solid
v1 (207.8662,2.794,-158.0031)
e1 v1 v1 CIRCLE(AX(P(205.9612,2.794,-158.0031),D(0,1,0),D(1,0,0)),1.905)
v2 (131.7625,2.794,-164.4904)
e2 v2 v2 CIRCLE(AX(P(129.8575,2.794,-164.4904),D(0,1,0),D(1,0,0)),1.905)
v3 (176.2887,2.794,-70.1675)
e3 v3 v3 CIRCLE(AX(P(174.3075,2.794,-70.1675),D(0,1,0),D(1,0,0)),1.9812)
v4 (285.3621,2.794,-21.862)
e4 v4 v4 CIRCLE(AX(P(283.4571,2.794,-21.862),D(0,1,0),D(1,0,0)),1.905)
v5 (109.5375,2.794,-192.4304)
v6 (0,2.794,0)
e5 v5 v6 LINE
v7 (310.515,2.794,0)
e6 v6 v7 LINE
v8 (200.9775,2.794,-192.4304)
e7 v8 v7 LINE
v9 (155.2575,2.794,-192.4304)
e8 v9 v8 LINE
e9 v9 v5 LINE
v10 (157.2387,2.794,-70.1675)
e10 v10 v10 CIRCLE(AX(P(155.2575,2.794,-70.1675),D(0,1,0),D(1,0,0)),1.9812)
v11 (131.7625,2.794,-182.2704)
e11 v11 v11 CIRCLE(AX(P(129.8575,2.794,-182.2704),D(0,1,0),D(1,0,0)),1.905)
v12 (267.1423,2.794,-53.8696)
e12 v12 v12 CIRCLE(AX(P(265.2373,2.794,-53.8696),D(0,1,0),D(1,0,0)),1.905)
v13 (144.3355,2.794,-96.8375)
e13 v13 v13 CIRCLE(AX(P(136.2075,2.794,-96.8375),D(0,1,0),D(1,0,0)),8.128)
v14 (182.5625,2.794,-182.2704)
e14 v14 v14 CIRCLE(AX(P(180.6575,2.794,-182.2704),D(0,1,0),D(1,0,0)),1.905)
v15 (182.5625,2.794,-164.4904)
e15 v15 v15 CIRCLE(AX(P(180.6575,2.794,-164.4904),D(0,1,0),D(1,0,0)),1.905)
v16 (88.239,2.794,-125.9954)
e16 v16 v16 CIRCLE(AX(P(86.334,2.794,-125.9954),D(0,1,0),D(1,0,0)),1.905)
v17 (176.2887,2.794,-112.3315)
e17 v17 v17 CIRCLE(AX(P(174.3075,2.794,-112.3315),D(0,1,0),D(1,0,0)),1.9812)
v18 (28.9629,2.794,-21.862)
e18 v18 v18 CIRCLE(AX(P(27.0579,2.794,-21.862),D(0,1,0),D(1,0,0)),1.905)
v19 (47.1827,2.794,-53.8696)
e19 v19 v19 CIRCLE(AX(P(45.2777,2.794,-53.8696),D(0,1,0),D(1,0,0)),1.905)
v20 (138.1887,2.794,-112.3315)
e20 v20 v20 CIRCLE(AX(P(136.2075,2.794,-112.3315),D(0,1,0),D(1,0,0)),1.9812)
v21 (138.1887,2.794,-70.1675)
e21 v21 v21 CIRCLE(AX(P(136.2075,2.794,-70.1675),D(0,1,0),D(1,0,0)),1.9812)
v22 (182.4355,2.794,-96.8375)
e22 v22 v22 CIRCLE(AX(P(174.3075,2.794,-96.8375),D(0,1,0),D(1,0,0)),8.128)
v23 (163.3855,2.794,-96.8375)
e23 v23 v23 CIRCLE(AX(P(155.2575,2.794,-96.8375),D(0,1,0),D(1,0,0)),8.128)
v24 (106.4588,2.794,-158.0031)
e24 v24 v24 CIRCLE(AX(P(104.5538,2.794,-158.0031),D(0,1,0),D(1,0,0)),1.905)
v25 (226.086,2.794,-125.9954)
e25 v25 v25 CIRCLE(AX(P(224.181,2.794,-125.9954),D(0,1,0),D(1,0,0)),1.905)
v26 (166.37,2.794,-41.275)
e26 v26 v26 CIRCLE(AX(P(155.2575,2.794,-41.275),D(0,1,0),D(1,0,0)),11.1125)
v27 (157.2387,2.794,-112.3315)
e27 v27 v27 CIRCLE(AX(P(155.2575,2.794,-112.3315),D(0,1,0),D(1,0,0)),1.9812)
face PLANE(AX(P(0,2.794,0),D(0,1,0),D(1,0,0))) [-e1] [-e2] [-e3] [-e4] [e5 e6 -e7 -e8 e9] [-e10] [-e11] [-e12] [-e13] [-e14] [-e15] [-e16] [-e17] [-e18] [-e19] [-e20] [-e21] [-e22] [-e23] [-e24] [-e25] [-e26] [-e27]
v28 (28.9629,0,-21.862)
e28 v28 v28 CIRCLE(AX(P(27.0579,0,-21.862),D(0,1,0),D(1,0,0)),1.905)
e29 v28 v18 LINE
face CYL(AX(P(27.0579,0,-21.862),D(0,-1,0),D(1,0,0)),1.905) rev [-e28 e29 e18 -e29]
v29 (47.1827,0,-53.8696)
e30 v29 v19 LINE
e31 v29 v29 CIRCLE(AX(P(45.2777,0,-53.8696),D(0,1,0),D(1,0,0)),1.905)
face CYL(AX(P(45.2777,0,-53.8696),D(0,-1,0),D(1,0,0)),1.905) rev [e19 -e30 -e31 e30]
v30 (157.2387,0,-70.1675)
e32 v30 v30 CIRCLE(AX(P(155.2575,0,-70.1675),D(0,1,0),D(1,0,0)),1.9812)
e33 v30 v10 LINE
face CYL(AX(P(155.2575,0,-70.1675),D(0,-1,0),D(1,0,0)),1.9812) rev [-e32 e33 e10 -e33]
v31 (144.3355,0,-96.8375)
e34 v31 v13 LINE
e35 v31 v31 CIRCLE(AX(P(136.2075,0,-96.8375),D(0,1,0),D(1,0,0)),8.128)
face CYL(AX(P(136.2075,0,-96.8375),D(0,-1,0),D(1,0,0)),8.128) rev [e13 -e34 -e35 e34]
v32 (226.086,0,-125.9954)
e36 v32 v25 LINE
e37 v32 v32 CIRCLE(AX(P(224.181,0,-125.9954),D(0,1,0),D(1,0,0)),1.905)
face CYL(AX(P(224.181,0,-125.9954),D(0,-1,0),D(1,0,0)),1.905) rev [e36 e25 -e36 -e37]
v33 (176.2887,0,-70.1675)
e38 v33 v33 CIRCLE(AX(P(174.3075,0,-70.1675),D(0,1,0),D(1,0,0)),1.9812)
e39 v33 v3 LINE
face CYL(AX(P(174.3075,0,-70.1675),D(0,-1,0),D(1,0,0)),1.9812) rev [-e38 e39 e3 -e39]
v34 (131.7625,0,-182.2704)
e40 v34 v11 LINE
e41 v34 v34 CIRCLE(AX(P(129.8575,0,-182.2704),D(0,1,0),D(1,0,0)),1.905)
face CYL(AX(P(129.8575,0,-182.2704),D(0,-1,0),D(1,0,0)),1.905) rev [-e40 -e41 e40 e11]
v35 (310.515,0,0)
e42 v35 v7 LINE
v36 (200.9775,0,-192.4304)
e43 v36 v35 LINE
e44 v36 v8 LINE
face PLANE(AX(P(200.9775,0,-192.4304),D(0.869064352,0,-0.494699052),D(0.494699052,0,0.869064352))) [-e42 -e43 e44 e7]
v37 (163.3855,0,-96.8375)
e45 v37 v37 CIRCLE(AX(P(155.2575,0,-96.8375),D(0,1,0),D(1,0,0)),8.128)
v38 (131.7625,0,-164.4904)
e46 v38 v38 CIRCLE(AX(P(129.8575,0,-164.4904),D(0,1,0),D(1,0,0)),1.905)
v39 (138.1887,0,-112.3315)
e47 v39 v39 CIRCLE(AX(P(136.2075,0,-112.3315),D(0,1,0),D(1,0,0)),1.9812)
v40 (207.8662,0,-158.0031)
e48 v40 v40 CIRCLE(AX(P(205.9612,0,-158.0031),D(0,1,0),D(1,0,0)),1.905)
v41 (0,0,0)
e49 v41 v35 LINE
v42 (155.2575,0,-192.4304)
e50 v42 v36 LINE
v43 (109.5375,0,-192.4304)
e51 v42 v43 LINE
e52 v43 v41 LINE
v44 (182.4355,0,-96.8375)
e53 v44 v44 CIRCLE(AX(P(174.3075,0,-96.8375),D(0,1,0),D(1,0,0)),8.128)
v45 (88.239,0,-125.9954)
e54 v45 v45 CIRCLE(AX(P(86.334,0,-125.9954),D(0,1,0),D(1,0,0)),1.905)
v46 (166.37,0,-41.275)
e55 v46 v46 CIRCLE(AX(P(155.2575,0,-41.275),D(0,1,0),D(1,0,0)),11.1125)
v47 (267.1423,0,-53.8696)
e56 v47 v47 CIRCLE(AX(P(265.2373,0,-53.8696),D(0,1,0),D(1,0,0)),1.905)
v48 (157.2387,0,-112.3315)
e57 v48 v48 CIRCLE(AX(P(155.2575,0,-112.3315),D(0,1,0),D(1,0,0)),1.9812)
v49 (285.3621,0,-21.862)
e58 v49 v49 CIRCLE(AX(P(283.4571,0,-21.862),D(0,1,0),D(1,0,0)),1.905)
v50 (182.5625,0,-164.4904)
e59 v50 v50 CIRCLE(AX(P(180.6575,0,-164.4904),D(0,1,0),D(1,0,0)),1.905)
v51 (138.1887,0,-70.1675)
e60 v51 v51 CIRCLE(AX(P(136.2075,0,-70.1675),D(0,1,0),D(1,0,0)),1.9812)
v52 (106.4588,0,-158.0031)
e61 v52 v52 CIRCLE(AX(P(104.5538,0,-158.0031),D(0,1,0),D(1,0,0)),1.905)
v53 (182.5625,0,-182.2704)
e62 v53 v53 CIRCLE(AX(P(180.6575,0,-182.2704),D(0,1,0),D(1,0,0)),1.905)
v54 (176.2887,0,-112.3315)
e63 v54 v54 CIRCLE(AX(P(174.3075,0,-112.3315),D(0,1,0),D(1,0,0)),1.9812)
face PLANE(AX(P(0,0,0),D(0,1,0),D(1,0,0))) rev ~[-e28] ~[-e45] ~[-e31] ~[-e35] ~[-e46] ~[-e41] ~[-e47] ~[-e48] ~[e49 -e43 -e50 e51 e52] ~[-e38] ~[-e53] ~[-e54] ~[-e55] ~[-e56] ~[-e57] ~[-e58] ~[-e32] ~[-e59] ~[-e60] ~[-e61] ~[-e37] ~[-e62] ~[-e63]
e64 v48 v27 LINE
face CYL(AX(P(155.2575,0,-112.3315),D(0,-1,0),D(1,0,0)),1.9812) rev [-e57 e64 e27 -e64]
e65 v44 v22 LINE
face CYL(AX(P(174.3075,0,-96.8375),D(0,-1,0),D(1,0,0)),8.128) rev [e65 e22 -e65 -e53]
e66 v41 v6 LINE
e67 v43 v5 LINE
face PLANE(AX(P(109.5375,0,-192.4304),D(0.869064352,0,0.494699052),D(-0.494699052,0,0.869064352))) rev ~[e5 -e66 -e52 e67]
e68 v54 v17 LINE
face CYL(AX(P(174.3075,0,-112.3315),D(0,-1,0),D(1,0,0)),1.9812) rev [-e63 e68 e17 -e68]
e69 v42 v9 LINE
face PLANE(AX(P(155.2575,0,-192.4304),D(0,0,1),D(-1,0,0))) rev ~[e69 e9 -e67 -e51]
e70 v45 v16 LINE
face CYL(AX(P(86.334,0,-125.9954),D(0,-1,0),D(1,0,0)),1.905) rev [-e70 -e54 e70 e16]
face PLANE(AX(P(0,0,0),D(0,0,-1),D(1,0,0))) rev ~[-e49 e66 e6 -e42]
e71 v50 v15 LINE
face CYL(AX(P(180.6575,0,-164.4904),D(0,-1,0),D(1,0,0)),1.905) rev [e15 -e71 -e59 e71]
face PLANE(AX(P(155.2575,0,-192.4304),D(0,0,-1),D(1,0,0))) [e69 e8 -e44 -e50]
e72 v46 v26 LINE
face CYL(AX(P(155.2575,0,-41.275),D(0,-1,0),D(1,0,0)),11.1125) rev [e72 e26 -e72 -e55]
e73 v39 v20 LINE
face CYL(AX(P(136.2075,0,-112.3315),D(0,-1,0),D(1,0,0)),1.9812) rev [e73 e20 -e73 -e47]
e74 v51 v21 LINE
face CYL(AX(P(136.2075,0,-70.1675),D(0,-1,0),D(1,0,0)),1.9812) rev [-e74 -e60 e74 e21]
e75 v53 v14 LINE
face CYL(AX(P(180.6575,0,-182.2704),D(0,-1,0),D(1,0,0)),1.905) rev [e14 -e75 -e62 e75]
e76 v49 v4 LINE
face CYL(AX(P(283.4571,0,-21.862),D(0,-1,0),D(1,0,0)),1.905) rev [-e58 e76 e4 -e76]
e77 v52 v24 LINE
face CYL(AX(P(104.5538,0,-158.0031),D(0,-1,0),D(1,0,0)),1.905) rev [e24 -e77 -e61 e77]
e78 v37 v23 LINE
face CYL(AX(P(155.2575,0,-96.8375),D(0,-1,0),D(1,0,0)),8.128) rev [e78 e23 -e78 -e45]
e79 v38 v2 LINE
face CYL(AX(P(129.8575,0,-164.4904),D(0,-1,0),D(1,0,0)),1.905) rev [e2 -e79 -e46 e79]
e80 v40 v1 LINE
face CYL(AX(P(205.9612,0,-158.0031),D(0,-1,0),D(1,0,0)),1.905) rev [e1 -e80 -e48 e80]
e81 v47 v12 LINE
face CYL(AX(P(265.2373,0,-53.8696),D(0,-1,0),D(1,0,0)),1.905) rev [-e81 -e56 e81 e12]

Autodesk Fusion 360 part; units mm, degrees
sketch "Sketch1" plane through (0, 0, 0) normal (0, 1, 0) x (1, 0, 0)
  line L0 (0, 0) -> (310.515, 0)
  line L1 (155.2575, 192.4304) -> (109.5375, 192.4304)
  line L2 (155.2575, 192.4304) -> (200.9775, 192.4304)
  line L3 (200.9775, 192.4304) -> (310.515, 0)
  line L4 (109.5375, 192.4304) -> (0, 0)
  circle A0 centre (155.2575, 96.8375) radius 8.128
  circle A1 centre (174.3075, 70.1675) radius 1.9812
  circle A2 centre (174.3075, 112.3315) radius 1.9812
  circle A3 centre (155.2575, 41.275) radius 11.1125
  circle A4 centre (136.2075, 96.8375) radius 8.128
  circle A5 centre (155.2575, 70.1675) radius 1.9812
  circle A6 centre (136.2075, 70.1675) radius 1.9812
  circle A7 centre (174.3075, 96.8375) radius 8.128
  circle A8 centre (136.2075, 112.3315) radius 1.9812
  circle A9 centre (155.2575, 112.3315) radius 1.9812
  circle A10 centre (27.0579, 21.862) radius 1.905
  circle A11 centre (86.334, 125.9954) radius 1.905
  circle A12 centre (45.2777, 53.8696) radius 1.905
  circle A13 centre (129.8575, 164.4904) radius 1.905
  circle A14 centre (129.8575, 182.2704) radius 1.905
  circle A15 centre (104.5538, 158.0031) radius 1.905
  circle A16 centre (224.181, 125.9954) radius 1.905
  circle A17 centre (265.2373, 53.8696) radius 1.905
  circle A18 centre (180.6575, 182.2704) radius 1.905
  circle A19 centre (283.4571, 21.862) radius 1.905
  circle A20 centre (180.6575, 164.4904) radius 1.905
  circle A21 centre (205.9612, 158.0031) radius 1.905
  point P0 (104.5538, 158.0031)
  point P1 (205.9612, 158.0031)
  dimension "d1" = 310.515
  dimension "d3" = 45.72
  dimension "d4" = 45.72
  dimension "d45" = 22.225
  dimension "d46" = 16.256
  dimension "d47" = 26.67
  dimension "d48" = 3.9624
  dimension "d49" = 42.164
  dimension "d50" = 3.9624
  dimension "d51" = 16.256
  dimension "d52" = 26.67
  dimension "d53" = 3.9624
  dimension "d54" = 42.164
  dimension "d55" = 3.9624
  dimension "d56" = 16.256
  dimension "d57" = 26.67
  dimension "d58" = 3.9624
  dimension "d59" = 42.164
  dimension "d60" = 3.9624
extrude "Extrude5" add sketch "Sketch1" along normal blind 2.794
extrude "Extrude4" [suppressed]
equation "d3 = ( 3.6 / 2 ) * 1 in"
equation "d4 = ( 3.6 / 2 ) * 1 in"
